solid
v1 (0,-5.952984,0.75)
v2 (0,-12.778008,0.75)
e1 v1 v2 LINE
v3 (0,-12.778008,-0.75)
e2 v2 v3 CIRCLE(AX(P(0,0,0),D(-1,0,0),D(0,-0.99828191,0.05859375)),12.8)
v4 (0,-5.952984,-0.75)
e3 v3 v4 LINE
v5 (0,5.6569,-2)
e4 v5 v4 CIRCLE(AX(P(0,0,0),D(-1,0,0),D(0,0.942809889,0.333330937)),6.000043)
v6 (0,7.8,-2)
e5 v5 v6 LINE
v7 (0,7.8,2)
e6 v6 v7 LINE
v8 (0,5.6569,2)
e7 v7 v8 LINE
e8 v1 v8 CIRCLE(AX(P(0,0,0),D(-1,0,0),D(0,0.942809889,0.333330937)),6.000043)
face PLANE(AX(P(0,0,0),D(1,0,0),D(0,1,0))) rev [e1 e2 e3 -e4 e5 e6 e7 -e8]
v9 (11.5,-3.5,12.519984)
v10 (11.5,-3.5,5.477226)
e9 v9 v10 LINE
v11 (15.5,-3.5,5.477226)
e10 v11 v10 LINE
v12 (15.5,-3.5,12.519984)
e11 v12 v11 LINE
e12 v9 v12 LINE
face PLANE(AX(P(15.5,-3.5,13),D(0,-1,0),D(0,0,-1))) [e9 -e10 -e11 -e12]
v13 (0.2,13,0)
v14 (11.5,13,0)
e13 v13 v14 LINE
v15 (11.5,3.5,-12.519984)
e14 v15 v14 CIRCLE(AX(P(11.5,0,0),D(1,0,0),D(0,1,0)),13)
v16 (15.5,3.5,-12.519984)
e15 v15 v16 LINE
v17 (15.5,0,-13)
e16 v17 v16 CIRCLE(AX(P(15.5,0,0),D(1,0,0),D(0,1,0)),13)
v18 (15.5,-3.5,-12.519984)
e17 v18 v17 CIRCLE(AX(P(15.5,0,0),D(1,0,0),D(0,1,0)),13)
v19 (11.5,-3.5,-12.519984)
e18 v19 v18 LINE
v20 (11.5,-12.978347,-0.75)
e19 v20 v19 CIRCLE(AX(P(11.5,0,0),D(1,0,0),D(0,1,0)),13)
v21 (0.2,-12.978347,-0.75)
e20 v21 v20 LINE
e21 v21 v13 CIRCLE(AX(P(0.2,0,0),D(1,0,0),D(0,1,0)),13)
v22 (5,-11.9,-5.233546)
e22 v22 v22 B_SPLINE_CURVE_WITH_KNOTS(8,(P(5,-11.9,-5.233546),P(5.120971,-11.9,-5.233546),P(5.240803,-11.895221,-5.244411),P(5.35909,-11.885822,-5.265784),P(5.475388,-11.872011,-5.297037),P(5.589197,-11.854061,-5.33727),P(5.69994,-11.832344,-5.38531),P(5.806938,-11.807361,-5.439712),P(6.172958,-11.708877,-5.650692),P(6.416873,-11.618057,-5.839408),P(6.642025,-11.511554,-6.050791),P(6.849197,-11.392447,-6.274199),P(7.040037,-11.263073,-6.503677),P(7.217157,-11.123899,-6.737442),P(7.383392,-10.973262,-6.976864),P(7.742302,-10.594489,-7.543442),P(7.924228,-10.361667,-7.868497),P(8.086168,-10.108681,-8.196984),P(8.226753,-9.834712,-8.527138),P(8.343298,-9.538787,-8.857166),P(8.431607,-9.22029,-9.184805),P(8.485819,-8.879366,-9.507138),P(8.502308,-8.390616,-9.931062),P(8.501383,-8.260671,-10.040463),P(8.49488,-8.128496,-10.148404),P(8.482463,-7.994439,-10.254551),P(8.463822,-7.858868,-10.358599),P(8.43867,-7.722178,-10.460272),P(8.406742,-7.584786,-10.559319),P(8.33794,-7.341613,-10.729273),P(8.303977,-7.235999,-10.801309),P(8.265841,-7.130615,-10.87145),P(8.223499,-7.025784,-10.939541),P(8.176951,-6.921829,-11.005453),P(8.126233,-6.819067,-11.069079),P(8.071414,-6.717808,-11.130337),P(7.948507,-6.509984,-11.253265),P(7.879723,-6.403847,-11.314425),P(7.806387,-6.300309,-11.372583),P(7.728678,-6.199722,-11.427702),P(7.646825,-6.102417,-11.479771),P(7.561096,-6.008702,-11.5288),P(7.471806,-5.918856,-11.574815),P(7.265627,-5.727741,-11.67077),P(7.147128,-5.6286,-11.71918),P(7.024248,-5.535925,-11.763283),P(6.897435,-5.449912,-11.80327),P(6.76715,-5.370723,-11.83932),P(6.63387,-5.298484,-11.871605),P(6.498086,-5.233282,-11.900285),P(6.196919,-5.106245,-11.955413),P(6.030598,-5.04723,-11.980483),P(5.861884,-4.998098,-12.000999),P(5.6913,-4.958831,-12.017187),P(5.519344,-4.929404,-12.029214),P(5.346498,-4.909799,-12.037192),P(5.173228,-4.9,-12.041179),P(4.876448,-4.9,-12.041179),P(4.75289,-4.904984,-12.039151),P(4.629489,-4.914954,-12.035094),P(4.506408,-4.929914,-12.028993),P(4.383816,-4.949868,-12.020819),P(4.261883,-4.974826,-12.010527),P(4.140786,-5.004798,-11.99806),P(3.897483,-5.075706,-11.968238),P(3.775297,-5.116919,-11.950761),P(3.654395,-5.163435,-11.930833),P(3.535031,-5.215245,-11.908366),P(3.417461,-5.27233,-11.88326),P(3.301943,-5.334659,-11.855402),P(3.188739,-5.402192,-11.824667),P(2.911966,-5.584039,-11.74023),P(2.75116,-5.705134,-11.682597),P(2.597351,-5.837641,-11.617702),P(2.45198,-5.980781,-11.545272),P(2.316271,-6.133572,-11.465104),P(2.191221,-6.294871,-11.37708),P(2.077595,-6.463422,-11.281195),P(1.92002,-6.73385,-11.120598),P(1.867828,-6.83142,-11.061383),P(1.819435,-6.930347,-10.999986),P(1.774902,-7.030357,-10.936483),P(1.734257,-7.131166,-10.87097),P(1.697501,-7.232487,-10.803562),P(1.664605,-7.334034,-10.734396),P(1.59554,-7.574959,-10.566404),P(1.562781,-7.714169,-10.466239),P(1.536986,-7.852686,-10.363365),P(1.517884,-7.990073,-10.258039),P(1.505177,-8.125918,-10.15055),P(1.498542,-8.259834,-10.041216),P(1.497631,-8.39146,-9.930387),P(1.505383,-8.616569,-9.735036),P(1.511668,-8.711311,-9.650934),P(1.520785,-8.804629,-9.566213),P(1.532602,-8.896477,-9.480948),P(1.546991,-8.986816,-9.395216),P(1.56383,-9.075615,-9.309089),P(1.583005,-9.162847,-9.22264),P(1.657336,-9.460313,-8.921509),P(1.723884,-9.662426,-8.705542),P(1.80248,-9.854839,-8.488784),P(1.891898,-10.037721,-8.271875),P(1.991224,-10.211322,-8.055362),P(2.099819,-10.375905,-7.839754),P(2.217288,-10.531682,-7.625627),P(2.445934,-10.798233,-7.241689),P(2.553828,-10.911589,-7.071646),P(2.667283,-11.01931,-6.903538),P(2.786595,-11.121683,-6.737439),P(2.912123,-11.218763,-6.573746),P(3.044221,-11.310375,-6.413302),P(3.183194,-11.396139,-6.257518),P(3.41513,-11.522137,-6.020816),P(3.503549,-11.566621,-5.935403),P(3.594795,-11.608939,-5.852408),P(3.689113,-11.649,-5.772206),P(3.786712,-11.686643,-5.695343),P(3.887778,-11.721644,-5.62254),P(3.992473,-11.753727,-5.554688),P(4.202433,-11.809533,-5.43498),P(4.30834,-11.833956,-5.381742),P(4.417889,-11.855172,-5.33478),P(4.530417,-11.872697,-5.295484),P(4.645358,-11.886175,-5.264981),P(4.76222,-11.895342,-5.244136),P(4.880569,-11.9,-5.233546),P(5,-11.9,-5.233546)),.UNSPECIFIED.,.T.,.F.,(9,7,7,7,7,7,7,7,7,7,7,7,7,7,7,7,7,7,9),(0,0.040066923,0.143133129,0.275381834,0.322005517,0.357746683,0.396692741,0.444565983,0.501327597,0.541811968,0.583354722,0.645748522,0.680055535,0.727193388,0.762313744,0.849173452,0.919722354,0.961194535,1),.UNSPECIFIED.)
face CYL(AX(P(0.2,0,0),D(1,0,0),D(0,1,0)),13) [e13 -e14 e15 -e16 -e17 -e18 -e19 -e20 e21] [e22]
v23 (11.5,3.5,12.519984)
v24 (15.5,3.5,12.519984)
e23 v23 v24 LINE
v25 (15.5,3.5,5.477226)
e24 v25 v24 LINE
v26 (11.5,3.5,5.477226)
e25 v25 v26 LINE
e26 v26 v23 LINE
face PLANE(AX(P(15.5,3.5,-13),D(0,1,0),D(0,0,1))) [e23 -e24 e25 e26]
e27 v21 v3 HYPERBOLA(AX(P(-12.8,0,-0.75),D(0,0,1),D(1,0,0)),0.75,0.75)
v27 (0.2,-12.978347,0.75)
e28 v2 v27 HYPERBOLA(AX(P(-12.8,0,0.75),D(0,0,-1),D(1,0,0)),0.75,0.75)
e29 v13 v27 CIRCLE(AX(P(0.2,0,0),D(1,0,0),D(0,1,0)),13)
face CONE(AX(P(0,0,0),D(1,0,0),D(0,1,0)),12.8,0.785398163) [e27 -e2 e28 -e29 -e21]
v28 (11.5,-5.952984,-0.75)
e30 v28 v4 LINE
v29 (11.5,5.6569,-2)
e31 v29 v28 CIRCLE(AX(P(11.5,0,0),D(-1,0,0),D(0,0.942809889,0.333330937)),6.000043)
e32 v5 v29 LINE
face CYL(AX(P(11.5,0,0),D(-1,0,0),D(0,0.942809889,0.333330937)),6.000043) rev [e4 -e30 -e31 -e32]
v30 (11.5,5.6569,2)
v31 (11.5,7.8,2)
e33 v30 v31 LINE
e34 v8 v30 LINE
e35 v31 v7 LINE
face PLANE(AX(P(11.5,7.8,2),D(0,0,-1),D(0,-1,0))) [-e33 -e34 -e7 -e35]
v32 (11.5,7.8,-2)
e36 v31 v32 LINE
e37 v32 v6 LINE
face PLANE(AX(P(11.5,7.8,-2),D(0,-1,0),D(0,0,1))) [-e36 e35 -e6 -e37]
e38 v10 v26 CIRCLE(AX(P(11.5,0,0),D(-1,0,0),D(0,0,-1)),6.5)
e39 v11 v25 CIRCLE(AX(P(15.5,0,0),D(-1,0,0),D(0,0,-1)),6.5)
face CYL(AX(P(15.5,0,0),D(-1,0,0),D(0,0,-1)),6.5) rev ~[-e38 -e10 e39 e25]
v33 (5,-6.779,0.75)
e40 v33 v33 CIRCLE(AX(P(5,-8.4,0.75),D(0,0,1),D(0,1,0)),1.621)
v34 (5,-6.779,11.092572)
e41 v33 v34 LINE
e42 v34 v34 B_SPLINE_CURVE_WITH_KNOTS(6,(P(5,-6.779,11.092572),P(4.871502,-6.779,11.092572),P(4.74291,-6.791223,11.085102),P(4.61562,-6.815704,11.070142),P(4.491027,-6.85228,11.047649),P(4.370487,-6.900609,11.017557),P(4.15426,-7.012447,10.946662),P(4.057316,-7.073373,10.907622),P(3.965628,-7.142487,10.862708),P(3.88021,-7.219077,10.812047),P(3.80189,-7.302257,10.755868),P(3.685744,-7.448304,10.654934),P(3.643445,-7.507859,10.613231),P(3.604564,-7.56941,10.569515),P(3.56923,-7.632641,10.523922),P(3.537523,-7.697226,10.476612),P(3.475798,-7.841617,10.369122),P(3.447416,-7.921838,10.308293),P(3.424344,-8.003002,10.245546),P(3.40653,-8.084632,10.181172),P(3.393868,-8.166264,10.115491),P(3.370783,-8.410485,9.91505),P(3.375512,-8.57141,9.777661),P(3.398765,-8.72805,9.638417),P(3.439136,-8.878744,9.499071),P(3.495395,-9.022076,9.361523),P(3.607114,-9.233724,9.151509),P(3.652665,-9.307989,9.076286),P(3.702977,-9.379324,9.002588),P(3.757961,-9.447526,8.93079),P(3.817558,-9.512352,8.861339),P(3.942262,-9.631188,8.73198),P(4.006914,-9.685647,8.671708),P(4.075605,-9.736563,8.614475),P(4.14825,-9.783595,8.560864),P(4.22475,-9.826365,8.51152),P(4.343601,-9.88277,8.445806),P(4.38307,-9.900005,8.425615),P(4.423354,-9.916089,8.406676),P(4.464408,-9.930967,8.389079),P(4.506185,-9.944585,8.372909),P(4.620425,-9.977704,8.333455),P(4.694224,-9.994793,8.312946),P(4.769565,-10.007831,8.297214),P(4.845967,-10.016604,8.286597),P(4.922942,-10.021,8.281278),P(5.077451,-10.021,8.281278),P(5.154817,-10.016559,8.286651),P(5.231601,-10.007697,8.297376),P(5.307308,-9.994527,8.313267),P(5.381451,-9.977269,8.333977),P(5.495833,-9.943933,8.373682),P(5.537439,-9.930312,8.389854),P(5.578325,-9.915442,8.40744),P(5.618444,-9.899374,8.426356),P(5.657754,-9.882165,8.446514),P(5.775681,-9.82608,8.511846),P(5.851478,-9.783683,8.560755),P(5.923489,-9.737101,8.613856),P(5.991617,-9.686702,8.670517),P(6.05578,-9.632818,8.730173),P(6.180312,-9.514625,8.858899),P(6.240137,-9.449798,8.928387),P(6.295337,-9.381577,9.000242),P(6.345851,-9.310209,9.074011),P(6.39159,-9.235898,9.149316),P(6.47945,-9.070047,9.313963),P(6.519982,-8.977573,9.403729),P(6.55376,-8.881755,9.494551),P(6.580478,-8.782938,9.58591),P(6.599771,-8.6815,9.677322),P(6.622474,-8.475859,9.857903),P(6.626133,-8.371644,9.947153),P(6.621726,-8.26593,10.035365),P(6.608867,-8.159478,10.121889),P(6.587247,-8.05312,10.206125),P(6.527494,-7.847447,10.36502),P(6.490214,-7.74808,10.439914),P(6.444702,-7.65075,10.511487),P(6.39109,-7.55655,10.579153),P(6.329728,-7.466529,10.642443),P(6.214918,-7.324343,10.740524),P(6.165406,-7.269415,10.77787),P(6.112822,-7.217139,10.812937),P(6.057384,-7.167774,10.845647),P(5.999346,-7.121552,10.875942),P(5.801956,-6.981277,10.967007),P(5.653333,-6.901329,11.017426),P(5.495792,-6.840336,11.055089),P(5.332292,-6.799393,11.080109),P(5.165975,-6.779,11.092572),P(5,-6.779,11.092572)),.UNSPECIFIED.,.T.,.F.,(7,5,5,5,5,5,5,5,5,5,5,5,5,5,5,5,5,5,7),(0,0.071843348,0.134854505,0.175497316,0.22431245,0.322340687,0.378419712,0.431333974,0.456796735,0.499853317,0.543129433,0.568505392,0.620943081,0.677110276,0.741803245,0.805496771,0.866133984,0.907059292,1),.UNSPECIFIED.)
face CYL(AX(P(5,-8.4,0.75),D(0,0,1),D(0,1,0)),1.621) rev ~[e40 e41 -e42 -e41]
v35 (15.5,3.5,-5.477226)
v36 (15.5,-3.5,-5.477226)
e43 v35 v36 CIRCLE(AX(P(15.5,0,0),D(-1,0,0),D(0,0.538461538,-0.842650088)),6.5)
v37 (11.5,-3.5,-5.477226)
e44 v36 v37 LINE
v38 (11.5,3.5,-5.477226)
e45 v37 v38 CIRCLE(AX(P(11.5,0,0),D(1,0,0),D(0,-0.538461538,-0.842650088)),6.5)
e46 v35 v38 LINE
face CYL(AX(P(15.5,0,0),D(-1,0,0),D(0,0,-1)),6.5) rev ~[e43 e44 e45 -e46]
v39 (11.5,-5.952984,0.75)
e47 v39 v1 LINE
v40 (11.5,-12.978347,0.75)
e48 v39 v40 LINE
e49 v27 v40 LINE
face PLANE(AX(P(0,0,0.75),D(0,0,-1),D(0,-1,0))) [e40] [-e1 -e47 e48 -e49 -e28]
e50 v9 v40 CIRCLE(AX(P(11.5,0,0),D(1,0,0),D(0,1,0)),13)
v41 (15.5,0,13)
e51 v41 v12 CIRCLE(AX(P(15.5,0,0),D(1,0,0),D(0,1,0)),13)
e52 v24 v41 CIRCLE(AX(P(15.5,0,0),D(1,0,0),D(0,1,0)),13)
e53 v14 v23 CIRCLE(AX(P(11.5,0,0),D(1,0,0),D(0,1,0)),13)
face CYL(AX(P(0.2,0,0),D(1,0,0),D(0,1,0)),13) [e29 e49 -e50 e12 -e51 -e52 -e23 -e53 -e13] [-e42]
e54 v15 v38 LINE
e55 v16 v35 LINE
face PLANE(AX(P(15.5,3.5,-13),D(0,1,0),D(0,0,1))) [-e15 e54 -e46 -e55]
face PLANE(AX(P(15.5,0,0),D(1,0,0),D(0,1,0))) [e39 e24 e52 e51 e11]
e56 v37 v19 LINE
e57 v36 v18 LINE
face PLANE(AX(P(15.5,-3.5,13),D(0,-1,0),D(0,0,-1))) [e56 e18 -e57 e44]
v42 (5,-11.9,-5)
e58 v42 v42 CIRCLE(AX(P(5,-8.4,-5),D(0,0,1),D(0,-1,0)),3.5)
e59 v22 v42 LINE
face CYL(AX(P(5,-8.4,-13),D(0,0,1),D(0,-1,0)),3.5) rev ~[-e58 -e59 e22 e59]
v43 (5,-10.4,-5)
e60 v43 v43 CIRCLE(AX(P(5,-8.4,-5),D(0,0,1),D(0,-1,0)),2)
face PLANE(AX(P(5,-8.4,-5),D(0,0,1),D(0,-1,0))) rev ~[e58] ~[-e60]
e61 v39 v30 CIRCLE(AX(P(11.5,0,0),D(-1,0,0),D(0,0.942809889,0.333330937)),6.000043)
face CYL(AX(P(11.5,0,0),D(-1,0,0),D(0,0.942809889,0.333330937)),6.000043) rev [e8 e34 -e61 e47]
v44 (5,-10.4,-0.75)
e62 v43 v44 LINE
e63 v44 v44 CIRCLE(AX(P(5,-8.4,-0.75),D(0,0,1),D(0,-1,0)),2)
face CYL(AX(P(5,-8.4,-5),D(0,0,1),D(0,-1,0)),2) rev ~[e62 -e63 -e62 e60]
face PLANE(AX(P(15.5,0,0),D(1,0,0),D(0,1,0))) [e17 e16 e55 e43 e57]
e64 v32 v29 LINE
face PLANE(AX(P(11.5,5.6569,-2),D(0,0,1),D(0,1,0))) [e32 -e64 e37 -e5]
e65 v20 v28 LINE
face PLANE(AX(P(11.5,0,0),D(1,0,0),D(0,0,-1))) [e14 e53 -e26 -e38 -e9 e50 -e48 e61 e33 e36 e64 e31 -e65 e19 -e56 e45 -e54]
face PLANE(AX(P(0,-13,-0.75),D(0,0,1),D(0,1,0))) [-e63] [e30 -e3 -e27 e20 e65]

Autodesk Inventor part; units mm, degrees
sketch "Sketch_1" plane through (0, 0, 0) normal (0, 0, 1) x (1, 0, 0)
  line L0 (15.5, 0) -> (0, 0)
  line L1 (0, 0) -> (0, 12.8)
  line L2 (0, 12.8) -> (0.2, 13)
  line L3 (0.2, 13) -> (15.5, 13)
  line L4 (15.5, 13) -> (15.5, 0)
  line L5 (15.5, 0) -> (0, 0)
revolve "Revolution1" add sketch "Sketch_1" angle 360 about axis through (15.5, 0, 0) along (1, 0, 0)
sketch "Sketch_6" plane through (0, 0, 0) normal (1, 0, 0) x (0, 1, 0)
  line L0 (-13, 0.75) -> (-13, -0.75)
  line L1 (-13, -0.75) -> (0, -0.75)
  line L2 (0, -0.75) -> (0, 0.75)
  line L3 (0, 0.75) -> (-13, 0.75)
extrude "Extrusion1" cut sketch "Sketch_6" along normal blind 11.5
sketch "Sketch_7" plane through (5, 0, 0) normal (1, 0, 0) x (0, 0, -1)
  line L0 (-13, -8.4) -> (13, -8.4)
  line L1 (13, -8.4) -> (13, -11.9)
  line L2 (13, -11.9) -> (5, -11.9)
  line L3 (5, -11.9) -> (5, -10.4)
  line L4 (5, -10.4) -> (0.75, -10.4)
  line L5 (0.75, -10.4) -> (0.75, -8.4)
  line L6 (0.75, -8.4) -> (13, -8.4)
revolve "Revolution2" cut sketch "Sketch_7" angle 360 about axis through (5, -8.4, 13) along (0, 0, 1)
sketch "Sketch4" plane through (11.5, 0, 0.75) normal (0, 0, -1) x (-1, 0, 0)
  point P0 (6.5, -8.4)
hole "Hole1" at (5, -8.4, 0.75) direction (0, 0, 1) diameter 3.242 depth 12.25 thread size "M4x0.7" class "6H" standard "ISO Metric profile"
sketch "Sketch_2" plane through (15.5, 0, 0) normal (1, 0, 0) x (0, 0, -1)
  line L0 (-14, -13.5) -> (14, -13.5)
  line L1 (14, -13.5) -> (14, 13.5)
  line L2 (14, 13.5) -> (-14, 13.5)
  line L3 (-14, 13.5) -> (-14, -13.5)
  line L4 (-13, -3.5) -> (13, -3.5)
  line L5 (13, -3.5) -> (13, 3.5)
  line L6 (13, 3.5) -> (-13, 3.5)
  line L7 (-13, 3.5) -> (-13, -3.5)
extrude "Extrusion2" cut sketch "Sketch_2" against normal blind 4
sketch "Sketch6" plane through (15.5, 0, 0) normal (1, 0, 0) x (0, 0, -1)
  point P0 (0, 0)
hole "Hole2" at (15.5, 0, 0) direction (-1, 0, 0) diameter 13 depth 4
sketch "Sketch_15" plane through (11.5, 0, 0) normal (1, 0, 0) x (0, 0, -1)
  arc A0 (-2, 5.6569) -> (2, 5.6569) centre (0, 0) ccw
  line L0 (2, 5.6569) -> (2, 7.8)
  line L1 (2, 7.8) -> (-2, 7.8)
  line L2 (-2, 7.8) -> (-2, 5.6569)
extrude "Extrusion3" cut sketch "Sketch_15" along normal mid plane 31
ref_plane "L_XY" through (15.2, 0, 0) normal (1, 0, 0) x (0, 0, -1)
ref_plane "L_YZ" through (15.2, 0, 0) normal (0, 0, -1) x (0, 1, 0)
ref_plane "L_ZX" through (15.2, 0, 0) normal (0, 1, 0) x (1, 0, 0)
ref_plane "screw_XY" through (5, -8.4, -5) normal (0, 0, -1) x (1, 0, 0)
ref_plane "screw_YZ" through (5, -8.4, -5) normal (1, 0, 0) x (0, -1, 0)
ref_plane "screw_ZX" through (5, -8.4, -5) normal (0, -1, 0) x (0, 0, -1)
properties part number "MCOCWK26-12_c"
